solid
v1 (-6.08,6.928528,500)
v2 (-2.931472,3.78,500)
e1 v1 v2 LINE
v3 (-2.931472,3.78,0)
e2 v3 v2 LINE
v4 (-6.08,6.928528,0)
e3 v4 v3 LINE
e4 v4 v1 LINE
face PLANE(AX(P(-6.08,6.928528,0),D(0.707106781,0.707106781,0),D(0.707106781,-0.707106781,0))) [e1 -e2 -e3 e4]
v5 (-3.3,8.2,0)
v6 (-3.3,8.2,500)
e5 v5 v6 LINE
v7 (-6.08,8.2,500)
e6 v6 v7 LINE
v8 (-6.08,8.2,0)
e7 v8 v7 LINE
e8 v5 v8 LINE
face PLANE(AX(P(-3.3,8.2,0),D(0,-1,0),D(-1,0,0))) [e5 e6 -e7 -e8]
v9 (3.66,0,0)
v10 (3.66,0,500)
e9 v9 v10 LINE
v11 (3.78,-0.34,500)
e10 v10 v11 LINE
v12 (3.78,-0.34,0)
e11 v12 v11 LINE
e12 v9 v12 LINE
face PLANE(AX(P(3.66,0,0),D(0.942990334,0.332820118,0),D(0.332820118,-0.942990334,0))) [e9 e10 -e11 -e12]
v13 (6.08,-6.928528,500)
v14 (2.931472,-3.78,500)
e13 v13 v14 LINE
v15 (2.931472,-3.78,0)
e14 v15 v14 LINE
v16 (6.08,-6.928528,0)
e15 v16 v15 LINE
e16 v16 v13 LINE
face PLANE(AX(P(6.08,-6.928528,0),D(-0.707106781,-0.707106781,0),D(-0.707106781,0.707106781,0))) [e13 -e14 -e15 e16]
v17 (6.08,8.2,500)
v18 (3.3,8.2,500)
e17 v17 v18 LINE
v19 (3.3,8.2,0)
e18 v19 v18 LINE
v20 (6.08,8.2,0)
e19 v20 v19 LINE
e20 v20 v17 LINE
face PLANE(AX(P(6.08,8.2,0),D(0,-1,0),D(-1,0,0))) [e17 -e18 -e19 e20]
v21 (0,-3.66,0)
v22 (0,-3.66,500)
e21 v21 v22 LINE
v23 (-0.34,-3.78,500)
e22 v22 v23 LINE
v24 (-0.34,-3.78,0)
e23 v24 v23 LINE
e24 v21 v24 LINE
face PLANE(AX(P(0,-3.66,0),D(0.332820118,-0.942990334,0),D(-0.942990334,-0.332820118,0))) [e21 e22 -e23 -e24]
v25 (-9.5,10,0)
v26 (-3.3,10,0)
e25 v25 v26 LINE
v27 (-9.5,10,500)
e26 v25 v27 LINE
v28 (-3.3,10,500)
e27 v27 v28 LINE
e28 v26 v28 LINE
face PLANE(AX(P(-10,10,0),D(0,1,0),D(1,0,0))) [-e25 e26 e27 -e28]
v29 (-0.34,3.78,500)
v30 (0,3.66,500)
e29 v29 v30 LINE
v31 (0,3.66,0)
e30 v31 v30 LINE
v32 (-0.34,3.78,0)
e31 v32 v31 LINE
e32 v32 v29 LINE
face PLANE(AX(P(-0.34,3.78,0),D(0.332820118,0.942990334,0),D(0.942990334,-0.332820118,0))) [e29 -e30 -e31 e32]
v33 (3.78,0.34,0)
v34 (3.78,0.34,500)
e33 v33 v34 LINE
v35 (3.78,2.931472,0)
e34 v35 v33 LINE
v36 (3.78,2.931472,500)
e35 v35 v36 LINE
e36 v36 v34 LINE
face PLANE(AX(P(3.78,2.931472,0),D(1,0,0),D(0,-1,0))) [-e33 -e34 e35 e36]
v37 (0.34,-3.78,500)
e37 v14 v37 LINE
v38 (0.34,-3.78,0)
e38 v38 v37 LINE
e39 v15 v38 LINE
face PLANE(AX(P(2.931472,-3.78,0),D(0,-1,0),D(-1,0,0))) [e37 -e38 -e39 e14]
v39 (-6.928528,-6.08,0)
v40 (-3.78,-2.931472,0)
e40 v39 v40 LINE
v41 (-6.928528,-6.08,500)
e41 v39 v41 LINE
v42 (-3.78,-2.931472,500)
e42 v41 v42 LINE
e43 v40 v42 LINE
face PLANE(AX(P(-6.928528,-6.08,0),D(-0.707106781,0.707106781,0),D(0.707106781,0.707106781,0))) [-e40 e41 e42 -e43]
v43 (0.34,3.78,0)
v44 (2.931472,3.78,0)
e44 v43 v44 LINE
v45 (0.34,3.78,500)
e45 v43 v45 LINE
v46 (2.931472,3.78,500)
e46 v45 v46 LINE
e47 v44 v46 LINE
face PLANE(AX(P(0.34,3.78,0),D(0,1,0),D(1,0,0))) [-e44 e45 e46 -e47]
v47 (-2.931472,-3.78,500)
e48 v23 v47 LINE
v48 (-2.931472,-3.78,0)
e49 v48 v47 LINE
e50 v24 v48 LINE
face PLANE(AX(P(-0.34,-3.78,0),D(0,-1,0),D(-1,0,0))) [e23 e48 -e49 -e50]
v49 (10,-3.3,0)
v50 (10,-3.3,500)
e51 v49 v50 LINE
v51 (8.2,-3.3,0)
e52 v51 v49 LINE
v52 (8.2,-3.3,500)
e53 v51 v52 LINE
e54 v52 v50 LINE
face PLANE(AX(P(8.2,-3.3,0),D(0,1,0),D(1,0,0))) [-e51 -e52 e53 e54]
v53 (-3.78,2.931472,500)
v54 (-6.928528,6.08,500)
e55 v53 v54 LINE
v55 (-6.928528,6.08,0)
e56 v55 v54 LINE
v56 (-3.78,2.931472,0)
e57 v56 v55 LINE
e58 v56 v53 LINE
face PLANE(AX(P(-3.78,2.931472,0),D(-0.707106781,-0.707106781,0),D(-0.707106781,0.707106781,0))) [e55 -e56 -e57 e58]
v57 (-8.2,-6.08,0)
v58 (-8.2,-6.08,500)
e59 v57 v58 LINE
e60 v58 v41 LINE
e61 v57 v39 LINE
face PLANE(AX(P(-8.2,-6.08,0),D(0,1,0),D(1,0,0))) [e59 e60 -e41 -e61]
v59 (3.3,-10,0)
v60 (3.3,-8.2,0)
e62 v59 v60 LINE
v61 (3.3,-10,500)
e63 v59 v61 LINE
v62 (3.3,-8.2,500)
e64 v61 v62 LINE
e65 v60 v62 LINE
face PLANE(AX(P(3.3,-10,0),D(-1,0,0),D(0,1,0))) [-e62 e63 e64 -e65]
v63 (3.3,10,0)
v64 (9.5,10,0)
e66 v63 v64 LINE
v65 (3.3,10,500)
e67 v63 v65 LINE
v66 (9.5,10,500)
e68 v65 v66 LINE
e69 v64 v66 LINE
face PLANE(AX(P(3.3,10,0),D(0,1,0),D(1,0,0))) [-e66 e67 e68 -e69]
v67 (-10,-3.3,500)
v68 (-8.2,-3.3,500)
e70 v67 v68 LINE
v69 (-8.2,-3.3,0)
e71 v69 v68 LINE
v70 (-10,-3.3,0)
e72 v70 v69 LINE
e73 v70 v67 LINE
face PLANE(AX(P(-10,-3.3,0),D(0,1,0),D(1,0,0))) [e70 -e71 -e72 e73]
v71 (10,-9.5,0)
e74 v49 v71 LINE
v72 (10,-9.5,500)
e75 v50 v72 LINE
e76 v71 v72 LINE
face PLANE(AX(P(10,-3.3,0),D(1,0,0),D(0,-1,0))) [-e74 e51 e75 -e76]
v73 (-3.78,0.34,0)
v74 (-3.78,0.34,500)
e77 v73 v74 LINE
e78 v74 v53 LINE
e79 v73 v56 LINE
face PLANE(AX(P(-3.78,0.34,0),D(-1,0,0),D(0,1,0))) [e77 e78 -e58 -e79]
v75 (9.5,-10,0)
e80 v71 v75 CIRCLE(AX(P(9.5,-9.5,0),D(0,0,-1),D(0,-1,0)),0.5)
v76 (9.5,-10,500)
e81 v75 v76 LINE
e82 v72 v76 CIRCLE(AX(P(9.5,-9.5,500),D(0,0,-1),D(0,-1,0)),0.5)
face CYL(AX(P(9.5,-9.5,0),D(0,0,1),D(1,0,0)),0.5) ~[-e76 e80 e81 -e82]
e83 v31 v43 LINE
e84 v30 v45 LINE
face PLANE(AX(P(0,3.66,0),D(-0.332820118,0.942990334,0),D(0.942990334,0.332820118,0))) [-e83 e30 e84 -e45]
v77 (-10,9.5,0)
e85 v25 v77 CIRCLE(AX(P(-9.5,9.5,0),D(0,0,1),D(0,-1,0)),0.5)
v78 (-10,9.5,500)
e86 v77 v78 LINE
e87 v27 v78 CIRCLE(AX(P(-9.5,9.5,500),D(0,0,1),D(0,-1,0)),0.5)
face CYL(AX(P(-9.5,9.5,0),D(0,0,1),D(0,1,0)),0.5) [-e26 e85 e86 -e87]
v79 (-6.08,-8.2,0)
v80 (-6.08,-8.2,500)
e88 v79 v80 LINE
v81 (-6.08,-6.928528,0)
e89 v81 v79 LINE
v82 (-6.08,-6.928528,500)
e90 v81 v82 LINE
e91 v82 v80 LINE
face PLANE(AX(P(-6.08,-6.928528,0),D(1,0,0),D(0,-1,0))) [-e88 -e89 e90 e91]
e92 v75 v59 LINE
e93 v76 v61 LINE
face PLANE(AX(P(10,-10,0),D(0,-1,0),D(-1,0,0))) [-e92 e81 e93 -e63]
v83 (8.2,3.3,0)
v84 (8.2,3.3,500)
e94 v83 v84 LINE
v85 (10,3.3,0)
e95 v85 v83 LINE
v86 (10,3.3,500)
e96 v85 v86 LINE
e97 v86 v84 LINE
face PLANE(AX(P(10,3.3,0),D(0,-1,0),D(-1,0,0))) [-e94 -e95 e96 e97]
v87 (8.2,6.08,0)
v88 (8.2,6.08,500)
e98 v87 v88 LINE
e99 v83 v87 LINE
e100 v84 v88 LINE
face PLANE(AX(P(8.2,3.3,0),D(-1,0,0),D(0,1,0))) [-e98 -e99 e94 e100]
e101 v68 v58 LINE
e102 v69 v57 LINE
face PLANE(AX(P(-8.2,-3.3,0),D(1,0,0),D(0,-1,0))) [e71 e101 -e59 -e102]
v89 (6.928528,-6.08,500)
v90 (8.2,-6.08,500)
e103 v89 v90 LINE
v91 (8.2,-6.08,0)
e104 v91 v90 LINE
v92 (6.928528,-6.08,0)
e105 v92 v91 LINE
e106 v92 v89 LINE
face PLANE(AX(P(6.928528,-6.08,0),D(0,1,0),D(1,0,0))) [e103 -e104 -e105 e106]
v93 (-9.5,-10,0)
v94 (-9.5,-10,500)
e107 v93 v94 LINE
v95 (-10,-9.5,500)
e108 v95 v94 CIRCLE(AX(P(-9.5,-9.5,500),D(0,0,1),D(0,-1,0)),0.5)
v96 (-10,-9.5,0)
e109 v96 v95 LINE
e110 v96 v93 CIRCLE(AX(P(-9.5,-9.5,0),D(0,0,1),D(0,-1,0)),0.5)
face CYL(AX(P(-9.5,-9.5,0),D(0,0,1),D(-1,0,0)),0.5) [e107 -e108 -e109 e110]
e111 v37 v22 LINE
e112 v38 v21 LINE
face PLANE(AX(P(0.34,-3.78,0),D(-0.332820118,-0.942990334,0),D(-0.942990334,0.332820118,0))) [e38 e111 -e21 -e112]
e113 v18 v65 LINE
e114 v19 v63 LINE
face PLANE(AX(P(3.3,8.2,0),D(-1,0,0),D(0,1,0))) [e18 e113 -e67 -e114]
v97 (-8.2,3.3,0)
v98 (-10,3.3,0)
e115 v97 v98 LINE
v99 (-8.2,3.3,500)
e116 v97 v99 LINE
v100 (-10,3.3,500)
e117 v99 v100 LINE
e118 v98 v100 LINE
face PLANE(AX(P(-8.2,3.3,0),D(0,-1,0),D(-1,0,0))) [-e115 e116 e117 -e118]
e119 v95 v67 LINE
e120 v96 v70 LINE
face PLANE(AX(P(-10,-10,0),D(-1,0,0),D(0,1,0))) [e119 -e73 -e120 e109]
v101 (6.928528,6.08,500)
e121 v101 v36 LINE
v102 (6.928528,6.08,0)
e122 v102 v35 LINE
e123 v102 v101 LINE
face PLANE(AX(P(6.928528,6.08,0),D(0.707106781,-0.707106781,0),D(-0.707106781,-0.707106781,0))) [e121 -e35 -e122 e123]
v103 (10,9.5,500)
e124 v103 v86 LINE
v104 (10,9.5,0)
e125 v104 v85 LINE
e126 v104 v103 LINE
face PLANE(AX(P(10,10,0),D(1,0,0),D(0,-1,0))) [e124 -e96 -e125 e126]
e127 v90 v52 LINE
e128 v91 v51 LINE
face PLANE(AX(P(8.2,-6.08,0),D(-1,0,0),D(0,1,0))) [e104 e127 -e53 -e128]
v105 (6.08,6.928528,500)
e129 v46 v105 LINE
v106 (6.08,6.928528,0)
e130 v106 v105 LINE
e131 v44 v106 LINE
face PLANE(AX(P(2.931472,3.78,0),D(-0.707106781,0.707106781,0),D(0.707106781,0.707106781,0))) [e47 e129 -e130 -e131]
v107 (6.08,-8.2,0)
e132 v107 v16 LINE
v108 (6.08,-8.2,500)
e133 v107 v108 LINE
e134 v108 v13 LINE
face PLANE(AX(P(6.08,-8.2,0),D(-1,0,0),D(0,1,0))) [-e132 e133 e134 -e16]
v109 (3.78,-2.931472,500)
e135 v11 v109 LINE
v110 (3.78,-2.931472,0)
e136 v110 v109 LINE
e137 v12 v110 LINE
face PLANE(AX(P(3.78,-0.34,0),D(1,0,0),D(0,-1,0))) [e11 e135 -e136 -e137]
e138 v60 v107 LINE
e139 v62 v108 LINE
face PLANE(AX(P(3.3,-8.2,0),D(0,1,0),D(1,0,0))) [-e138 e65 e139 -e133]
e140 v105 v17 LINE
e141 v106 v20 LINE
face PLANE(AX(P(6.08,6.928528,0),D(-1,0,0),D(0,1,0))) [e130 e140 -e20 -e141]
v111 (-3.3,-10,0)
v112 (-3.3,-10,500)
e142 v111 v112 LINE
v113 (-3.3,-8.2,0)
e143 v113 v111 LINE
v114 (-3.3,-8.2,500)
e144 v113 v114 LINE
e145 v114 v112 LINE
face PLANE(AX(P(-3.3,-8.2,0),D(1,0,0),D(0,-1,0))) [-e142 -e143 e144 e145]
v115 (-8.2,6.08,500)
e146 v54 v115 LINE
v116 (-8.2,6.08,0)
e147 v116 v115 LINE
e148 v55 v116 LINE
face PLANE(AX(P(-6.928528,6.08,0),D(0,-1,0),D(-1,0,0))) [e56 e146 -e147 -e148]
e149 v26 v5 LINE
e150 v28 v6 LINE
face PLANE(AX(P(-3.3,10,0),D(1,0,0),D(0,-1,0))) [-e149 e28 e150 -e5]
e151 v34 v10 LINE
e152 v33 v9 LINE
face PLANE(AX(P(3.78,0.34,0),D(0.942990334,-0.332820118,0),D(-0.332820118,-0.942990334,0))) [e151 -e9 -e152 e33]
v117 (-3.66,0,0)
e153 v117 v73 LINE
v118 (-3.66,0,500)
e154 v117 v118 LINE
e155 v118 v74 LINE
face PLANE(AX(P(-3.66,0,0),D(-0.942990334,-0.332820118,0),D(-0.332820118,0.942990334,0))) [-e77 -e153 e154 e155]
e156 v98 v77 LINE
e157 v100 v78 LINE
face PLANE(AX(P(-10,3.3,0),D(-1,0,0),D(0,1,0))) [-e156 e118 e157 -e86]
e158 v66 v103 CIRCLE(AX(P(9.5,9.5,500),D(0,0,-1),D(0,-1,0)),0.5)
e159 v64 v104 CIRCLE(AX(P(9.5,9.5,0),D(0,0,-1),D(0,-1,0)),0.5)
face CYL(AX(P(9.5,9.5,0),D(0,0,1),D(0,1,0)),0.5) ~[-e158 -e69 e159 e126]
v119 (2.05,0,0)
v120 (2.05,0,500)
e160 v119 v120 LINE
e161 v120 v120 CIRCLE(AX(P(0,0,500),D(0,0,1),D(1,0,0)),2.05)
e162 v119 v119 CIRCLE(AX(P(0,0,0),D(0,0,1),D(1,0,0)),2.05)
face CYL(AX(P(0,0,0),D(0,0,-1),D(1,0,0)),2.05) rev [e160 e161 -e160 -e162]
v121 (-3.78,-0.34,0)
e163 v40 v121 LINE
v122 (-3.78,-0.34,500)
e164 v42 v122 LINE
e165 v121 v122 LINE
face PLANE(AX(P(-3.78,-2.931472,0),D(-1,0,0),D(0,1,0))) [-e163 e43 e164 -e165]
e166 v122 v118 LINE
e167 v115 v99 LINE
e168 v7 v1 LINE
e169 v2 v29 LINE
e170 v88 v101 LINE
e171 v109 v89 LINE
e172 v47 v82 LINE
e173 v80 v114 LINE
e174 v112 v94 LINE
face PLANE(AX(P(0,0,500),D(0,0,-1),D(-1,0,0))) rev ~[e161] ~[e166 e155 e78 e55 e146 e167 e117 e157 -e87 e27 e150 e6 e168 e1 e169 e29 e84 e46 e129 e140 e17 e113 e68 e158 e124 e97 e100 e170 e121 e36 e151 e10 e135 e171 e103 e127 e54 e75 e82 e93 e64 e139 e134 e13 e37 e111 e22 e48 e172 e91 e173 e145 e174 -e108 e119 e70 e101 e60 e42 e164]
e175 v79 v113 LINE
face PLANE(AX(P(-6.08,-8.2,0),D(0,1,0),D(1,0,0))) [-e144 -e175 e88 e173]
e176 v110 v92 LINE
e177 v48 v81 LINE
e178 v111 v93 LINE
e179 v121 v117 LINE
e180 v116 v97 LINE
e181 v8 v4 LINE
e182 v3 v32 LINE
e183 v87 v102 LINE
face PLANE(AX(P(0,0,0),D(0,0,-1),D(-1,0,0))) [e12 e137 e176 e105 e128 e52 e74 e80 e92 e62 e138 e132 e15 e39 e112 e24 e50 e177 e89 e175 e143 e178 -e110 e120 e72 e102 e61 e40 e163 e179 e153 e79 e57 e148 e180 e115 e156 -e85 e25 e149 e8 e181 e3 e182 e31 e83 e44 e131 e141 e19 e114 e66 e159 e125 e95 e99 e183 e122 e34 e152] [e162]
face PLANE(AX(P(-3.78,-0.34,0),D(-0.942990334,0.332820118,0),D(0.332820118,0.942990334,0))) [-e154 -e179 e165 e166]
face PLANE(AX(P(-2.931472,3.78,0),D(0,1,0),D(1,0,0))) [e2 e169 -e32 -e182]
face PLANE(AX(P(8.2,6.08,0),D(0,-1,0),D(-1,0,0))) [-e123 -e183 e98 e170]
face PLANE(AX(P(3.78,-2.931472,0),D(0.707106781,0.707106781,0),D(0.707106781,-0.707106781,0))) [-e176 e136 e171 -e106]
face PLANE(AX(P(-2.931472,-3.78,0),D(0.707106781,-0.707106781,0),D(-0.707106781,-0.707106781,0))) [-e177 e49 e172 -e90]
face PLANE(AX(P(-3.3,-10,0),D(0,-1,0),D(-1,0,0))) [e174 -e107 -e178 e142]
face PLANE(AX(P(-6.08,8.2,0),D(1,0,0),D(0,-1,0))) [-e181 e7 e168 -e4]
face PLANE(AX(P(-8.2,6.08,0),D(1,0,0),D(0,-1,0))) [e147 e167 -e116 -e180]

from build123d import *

# Parameters (mm, degrees)
SKETCH1_R           = 2.05
BOSS_EXTRUDE1_DEPTH = 500
FILLET1_R           = 0.5


with BuildPart() as part:
    # Sketch1 → Boss-Extrude1 (new body)
    with BuildSketch(Plane.XY):
        Polygon((-3.3, 10), (-3.3, 8.2), (-6.08, 8.2), (-6.08, 6.928528137), (-2.931471863, 3.78), (-0.34, 3.78), (0, 3.66), (0.34, 3.78), (2.931471863, 3.78), (6.08, 6.928528137), (6.08, 8.2), (3.3, 8.2), (3.3, 10), (10, 10), (10, 3.3), (8.2, 3.3), (8.2, 6.08), (6.928528137, 6.08), (3.78, 2.931471863), (3.78, 0.34), (3.66, 0), (3.78, -0.34), (3.78, -2.931471863), (6.928528137, -6.08), (8.2, -6.08), (8.2, -3.3), (10, -3.3), (10, -10), (3.3, -10), (3.3, -8.2), (6.08, -8.2), (6.08, -6.928528137), (2.931471863, -3.78), (0.34, -3.78), (0, -3.66), (-0.34, -3.78), (-2.931471863, -3.78), (-6.08, -6.928528137), (-6.08, -8.2), (-3.3, -8.2), (-3.3, -10), (-10, -10), (-10, -3.3), (-8.2, -3.3), (-8.2, -6.08), (-6.928528137, -6.08), (-3.78, -2.931471863), (-3.78, -0.34), (-3.66, 0), (-3.78, 0.34), (-3.78, 2.931471863), (-6.928528137, 6.08), (-8.2, 6.08), (-8.2, 3.3), (-10, 3.3), (-10, 10), align=None)
        Circle(SKETCH1_R, mode=Mode.SUBTRACT)
    extrude(amount=BOSS_EXTRUDE1_DEPTH)

    # Fillet1
    fillet1_edges = [part.edges().sort_by_distance(p)[0] for p in [
        (10, 10, 250),
        (10, -10, 250),
        (-10, -10, 250),
        (-10, 10, 250),
    ]]
    fillet(fillet1_edges, radius=FILLET1_R)


solid = part.part
